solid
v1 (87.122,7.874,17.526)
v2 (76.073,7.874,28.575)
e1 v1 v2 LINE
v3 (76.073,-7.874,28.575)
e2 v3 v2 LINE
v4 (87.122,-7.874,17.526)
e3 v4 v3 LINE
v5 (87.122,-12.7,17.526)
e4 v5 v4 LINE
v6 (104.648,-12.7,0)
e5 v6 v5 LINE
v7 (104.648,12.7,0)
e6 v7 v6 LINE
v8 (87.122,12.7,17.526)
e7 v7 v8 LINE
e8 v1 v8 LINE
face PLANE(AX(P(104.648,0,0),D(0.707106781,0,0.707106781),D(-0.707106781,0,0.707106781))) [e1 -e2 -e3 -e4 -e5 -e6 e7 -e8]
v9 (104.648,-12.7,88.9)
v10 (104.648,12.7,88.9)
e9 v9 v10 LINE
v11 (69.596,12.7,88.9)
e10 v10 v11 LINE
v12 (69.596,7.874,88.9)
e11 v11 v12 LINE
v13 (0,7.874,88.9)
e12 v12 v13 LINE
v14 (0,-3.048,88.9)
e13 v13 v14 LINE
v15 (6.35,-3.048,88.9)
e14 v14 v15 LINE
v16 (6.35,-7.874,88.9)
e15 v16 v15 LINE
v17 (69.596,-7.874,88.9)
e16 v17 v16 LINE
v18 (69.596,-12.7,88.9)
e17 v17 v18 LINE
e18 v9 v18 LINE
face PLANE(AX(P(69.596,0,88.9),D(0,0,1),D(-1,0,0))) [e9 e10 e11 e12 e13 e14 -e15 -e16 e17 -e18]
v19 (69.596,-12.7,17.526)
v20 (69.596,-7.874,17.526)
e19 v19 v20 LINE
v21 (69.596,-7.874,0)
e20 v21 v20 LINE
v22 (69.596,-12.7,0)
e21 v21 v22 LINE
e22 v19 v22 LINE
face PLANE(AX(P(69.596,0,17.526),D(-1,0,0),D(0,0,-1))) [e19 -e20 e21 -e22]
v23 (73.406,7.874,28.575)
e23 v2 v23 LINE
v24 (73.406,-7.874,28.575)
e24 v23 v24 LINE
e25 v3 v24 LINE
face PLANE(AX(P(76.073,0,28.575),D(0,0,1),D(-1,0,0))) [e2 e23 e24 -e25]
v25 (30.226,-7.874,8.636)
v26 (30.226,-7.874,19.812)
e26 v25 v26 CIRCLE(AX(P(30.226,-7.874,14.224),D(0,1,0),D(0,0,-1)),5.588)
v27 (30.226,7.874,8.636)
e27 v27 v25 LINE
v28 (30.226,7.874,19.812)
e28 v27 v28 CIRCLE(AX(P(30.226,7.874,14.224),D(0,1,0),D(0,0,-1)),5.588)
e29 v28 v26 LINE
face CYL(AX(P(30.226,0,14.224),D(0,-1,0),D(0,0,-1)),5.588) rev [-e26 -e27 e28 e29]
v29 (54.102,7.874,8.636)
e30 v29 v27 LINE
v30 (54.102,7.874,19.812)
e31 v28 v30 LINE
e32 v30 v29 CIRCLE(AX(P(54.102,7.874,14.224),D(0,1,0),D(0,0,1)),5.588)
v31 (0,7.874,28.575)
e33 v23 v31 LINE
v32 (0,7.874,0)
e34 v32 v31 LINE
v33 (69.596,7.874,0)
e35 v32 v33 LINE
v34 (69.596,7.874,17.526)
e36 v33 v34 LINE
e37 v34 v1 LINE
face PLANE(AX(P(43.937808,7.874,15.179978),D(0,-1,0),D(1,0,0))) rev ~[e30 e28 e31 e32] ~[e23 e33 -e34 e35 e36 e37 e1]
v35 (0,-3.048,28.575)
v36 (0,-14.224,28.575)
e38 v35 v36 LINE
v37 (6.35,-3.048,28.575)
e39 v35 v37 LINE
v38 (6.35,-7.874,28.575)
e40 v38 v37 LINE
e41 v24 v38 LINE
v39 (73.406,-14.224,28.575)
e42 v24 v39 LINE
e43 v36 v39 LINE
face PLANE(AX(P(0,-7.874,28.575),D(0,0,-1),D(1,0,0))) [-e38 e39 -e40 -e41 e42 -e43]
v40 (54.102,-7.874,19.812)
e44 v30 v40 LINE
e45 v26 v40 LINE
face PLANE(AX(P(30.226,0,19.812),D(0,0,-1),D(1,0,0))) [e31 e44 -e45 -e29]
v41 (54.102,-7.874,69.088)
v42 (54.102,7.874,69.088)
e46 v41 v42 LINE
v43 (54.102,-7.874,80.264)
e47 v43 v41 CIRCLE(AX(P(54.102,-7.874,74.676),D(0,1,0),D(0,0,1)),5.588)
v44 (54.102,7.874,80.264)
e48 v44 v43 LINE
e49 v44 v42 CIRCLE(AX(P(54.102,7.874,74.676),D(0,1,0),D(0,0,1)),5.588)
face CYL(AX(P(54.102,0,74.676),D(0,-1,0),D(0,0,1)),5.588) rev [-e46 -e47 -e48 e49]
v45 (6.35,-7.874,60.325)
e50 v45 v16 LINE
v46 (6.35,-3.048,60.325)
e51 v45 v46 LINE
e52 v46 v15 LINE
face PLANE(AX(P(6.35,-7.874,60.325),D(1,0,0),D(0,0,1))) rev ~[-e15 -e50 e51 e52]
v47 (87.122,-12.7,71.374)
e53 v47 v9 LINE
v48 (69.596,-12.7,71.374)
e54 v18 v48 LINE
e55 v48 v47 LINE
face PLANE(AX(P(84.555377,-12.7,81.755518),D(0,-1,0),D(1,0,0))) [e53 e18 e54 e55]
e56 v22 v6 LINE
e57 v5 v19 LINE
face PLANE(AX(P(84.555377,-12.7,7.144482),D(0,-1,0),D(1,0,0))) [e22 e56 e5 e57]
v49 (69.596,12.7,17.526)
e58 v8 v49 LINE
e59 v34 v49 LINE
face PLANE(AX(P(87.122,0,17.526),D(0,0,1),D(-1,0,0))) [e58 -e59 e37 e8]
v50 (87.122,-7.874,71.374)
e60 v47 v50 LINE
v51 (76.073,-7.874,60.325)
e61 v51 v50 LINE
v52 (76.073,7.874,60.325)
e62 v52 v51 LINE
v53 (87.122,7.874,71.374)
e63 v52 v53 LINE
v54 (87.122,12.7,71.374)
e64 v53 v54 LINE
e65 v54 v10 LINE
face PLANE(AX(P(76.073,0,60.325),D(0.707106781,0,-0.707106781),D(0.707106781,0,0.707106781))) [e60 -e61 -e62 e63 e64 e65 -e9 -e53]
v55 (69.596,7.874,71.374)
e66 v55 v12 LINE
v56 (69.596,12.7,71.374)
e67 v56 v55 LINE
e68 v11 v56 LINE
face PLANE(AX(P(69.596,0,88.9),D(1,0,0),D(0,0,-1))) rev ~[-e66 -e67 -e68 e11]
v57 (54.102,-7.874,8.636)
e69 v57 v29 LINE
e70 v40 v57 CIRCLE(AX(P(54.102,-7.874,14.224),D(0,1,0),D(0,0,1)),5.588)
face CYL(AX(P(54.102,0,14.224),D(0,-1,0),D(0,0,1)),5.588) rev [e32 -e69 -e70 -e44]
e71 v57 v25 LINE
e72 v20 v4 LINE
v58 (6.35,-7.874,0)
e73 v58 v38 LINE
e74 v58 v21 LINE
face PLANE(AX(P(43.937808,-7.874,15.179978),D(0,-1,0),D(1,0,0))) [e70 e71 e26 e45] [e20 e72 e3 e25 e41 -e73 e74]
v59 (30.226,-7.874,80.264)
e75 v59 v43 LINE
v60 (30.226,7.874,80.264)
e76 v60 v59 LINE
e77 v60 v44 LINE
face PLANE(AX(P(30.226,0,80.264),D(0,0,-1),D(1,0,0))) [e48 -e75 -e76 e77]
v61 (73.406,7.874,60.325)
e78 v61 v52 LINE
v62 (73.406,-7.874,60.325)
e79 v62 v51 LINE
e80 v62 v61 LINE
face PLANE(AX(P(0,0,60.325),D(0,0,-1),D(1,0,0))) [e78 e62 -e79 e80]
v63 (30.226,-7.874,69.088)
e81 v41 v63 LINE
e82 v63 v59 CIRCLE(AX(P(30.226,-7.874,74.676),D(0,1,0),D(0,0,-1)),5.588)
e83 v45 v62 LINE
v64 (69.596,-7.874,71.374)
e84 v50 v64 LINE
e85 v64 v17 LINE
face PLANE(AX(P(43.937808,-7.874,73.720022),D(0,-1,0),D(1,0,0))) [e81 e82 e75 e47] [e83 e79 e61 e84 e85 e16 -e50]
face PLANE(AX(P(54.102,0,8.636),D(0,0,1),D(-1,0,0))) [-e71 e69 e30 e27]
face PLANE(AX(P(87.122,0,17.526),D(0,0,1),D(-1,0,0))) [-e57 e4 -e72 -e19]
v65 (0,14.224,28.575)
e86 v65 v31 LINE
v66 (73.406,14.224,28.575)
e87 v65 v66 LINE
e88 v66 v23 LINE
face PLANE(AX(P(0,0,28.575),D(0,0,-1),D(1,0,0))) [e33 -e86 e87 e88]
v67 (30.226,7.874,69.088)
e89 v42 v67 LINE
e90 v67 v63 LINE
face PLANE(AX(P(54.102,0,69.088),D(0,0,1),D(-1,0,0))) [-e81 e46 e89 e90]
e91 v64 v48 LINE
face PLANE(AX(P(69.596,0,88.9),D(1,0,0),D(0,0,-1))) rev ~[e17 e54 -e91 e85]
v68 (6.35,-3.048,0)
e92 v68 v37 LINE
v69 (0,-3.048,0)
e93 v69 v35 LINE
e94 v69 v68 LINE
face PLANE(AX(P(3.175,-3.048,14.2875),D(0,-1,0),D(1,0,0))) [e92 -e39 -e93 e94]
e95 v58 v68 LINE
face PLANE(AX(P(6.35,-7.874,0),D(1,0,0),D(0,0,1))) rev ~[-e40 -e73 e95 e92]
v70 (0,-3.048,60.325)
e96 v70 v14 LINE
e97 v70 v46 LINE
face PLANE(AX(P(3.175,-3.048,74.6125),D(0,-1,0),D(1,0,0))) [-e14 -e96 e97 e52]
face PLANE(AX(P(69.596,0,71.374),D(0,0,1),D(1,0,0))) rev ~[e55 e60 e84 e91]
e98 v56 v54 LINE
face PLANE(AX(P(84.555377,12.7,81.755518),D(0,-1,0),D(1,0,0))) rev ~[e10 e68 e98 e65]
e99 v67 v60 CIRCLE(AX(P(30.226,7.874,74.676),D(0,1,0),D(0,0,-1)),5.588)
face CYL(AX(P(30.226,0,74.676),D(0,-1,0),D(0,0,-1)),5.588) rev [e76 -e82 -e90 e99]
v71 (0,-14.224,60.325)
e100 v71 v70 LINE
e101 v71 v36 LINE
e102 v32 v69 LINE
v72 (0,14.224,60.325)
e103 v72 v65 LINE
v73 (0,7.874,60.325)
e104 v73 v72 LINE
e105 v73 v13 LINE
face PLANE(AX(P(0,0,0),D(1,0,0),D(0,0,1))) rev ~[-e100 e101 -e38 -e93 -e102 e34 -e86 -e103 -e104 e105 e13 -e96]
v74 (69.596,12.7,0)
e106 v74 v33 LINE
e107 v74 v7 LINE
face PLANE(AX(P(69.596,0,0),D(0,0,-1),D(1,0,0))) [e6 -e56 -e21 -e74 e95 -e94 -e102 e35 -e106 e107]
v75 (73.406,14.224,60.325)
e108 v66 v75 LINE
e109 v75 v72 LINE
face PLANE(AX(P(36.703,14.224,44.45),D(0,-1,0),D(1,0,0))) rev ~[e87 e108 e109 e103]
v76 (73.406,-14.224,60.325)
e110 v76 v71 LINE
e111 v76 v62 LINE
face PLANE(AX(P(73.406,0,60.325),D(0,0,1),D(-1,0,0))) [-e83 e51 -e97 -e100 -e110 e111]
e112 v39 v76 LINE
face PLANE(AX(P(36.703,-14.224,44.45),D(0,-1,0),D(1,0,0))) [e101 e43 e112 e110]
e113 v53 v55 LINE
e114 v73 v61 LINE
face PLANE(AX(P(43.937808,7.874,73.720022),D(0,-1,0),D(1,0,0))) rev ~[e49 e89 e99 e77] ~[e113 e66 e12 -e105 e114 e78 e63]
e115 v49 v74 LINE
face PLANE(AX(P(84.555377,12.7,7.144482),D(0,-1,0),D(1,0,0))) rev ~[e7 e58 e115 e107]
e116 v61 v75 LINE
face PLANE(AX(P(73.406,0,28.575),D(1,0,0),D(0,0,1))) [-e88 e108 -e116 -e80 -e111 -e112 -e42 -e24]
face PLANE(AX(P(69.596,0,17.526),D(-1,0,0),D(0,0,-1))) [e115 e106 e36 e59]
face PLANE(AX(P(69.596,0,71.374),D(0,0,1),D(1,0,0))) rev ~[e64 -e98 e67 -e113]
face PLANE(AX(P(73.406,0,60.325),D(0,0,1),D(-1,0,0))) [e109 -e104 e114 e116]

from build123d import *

# Parameters (mm, degrees)
F1_DEPTH = 14.224
F0_W     = 6.35
F0_H     = 28.575
F2_DEPTH = 7.874
F3_DEPTH = 7.874
F4_DEPTH = 12.7
F5_W     = 6.35
F5_H     = 28.575
F6_DEPTH = 4.826
F7_W     = 6.35
F7_H     = 28.575
F8_DEPTH = 4.826


with BuildPart() as f1:
    # F0 (on Front) → F1 (new body, symmetric)
    with BuildSketch(Plane.XZ):
        Polygon((0, 60.325), (0, 28.575), (6.35, 28.575), (73.406, 28.575), (73.406, 60.325), (6.35, 60.325), align=None)
    extrude(amount=F1_DEPTH, both=True)

    # F0 (on Front) → F2 (join, symmetric)
    with BuildSketch(Plane.XZ):
        Polygon((6.35, 88.9), (6.35, 60.325), (73.406, 60.325), (76.073, 60.325), (87.122, 71.374), (69.596, 71.374), (69.596, 88.9), align=None)
        with BuildLine():
            ThreePointArc((30.226, 69.088), (24.638, 74.676), (30.226, 80.264))
            Line((30.226, 80.264), (54.102, 80.264))
            ThreePointArc((54.102, 80.264), (59.69, 74.676), (54.102, 69.088))
            Line((54.102, 69.088), (30.226, 69.088))
        make_face(mode=Mode.SUBTRACT)
        with Locations((3.175, 74.6125)):
            Rectangle(F0_W, F0_H)
    extrude(amount=F2_DEPTH, both=True)

    # F0 (on Front) → F3 (join, symmetric)
    with BuildSketch(Plane.XZ):
        Polygon((6.35, 28.575), (6.35, 0), (69.596, 0), (69.596, 17.526), (87.122, 17.526), (76.073, 28.575), (73.406, 28.575), align=None)
        with BuildLine():
            ThreePointArc((30.226, 8.636), (24.638, 14.224), (30.226, 19.812))
            Line((30.226, 19.812), (54.102, 19.812))
            ThreePointArc((54.102, 19.812), (59.69, 14.224), (54.102, 8.636))
            Line((54.102, 8.636), (30.226, 8.636))
        make_face(mode=Mode.SUBTRACT)
        with Locations((3.175, 14.2875)):
            Rectangle(F0_W, F0_H)
    extrude(amount=F3_DEPTH, both=True)

    # F0 (on Front) → F4 (join, symmetric)
    with BuildSketch(Plane.XZ):
        Polygon((104.648, 88.9), (69.596, 88.9), (69.596, 71.374), (87.122, 71.374), align=None)
        Polygon((69.596, 17.526), (69.596, 0), (104.648, 0), (87.122, 17.526), align=None)
    extrude(amount=F4_DEPTH, both=True)

    # F5 (on face) → F6 (cut)
    with BuildSketch(Plane.XZ.offset(7.874)):
        with Locations((3.175, 14.2875)):
            Rectangle(F5_W, F5_H)
    extrude(amount=-F6_DEPTH, mode=Mode.SUBTRACT)

    # F7 (on face) → F8 (cut)
    with BuildSketch(Plane.XZ.offset(7.874)):
        with Locations((3.175, 74.6125)):
            Rectangle(F7_W, F7_H)
    extrude(amount=-F8_DEPTH, mode=Mode.SUBTRACT)


solid = f1.part
